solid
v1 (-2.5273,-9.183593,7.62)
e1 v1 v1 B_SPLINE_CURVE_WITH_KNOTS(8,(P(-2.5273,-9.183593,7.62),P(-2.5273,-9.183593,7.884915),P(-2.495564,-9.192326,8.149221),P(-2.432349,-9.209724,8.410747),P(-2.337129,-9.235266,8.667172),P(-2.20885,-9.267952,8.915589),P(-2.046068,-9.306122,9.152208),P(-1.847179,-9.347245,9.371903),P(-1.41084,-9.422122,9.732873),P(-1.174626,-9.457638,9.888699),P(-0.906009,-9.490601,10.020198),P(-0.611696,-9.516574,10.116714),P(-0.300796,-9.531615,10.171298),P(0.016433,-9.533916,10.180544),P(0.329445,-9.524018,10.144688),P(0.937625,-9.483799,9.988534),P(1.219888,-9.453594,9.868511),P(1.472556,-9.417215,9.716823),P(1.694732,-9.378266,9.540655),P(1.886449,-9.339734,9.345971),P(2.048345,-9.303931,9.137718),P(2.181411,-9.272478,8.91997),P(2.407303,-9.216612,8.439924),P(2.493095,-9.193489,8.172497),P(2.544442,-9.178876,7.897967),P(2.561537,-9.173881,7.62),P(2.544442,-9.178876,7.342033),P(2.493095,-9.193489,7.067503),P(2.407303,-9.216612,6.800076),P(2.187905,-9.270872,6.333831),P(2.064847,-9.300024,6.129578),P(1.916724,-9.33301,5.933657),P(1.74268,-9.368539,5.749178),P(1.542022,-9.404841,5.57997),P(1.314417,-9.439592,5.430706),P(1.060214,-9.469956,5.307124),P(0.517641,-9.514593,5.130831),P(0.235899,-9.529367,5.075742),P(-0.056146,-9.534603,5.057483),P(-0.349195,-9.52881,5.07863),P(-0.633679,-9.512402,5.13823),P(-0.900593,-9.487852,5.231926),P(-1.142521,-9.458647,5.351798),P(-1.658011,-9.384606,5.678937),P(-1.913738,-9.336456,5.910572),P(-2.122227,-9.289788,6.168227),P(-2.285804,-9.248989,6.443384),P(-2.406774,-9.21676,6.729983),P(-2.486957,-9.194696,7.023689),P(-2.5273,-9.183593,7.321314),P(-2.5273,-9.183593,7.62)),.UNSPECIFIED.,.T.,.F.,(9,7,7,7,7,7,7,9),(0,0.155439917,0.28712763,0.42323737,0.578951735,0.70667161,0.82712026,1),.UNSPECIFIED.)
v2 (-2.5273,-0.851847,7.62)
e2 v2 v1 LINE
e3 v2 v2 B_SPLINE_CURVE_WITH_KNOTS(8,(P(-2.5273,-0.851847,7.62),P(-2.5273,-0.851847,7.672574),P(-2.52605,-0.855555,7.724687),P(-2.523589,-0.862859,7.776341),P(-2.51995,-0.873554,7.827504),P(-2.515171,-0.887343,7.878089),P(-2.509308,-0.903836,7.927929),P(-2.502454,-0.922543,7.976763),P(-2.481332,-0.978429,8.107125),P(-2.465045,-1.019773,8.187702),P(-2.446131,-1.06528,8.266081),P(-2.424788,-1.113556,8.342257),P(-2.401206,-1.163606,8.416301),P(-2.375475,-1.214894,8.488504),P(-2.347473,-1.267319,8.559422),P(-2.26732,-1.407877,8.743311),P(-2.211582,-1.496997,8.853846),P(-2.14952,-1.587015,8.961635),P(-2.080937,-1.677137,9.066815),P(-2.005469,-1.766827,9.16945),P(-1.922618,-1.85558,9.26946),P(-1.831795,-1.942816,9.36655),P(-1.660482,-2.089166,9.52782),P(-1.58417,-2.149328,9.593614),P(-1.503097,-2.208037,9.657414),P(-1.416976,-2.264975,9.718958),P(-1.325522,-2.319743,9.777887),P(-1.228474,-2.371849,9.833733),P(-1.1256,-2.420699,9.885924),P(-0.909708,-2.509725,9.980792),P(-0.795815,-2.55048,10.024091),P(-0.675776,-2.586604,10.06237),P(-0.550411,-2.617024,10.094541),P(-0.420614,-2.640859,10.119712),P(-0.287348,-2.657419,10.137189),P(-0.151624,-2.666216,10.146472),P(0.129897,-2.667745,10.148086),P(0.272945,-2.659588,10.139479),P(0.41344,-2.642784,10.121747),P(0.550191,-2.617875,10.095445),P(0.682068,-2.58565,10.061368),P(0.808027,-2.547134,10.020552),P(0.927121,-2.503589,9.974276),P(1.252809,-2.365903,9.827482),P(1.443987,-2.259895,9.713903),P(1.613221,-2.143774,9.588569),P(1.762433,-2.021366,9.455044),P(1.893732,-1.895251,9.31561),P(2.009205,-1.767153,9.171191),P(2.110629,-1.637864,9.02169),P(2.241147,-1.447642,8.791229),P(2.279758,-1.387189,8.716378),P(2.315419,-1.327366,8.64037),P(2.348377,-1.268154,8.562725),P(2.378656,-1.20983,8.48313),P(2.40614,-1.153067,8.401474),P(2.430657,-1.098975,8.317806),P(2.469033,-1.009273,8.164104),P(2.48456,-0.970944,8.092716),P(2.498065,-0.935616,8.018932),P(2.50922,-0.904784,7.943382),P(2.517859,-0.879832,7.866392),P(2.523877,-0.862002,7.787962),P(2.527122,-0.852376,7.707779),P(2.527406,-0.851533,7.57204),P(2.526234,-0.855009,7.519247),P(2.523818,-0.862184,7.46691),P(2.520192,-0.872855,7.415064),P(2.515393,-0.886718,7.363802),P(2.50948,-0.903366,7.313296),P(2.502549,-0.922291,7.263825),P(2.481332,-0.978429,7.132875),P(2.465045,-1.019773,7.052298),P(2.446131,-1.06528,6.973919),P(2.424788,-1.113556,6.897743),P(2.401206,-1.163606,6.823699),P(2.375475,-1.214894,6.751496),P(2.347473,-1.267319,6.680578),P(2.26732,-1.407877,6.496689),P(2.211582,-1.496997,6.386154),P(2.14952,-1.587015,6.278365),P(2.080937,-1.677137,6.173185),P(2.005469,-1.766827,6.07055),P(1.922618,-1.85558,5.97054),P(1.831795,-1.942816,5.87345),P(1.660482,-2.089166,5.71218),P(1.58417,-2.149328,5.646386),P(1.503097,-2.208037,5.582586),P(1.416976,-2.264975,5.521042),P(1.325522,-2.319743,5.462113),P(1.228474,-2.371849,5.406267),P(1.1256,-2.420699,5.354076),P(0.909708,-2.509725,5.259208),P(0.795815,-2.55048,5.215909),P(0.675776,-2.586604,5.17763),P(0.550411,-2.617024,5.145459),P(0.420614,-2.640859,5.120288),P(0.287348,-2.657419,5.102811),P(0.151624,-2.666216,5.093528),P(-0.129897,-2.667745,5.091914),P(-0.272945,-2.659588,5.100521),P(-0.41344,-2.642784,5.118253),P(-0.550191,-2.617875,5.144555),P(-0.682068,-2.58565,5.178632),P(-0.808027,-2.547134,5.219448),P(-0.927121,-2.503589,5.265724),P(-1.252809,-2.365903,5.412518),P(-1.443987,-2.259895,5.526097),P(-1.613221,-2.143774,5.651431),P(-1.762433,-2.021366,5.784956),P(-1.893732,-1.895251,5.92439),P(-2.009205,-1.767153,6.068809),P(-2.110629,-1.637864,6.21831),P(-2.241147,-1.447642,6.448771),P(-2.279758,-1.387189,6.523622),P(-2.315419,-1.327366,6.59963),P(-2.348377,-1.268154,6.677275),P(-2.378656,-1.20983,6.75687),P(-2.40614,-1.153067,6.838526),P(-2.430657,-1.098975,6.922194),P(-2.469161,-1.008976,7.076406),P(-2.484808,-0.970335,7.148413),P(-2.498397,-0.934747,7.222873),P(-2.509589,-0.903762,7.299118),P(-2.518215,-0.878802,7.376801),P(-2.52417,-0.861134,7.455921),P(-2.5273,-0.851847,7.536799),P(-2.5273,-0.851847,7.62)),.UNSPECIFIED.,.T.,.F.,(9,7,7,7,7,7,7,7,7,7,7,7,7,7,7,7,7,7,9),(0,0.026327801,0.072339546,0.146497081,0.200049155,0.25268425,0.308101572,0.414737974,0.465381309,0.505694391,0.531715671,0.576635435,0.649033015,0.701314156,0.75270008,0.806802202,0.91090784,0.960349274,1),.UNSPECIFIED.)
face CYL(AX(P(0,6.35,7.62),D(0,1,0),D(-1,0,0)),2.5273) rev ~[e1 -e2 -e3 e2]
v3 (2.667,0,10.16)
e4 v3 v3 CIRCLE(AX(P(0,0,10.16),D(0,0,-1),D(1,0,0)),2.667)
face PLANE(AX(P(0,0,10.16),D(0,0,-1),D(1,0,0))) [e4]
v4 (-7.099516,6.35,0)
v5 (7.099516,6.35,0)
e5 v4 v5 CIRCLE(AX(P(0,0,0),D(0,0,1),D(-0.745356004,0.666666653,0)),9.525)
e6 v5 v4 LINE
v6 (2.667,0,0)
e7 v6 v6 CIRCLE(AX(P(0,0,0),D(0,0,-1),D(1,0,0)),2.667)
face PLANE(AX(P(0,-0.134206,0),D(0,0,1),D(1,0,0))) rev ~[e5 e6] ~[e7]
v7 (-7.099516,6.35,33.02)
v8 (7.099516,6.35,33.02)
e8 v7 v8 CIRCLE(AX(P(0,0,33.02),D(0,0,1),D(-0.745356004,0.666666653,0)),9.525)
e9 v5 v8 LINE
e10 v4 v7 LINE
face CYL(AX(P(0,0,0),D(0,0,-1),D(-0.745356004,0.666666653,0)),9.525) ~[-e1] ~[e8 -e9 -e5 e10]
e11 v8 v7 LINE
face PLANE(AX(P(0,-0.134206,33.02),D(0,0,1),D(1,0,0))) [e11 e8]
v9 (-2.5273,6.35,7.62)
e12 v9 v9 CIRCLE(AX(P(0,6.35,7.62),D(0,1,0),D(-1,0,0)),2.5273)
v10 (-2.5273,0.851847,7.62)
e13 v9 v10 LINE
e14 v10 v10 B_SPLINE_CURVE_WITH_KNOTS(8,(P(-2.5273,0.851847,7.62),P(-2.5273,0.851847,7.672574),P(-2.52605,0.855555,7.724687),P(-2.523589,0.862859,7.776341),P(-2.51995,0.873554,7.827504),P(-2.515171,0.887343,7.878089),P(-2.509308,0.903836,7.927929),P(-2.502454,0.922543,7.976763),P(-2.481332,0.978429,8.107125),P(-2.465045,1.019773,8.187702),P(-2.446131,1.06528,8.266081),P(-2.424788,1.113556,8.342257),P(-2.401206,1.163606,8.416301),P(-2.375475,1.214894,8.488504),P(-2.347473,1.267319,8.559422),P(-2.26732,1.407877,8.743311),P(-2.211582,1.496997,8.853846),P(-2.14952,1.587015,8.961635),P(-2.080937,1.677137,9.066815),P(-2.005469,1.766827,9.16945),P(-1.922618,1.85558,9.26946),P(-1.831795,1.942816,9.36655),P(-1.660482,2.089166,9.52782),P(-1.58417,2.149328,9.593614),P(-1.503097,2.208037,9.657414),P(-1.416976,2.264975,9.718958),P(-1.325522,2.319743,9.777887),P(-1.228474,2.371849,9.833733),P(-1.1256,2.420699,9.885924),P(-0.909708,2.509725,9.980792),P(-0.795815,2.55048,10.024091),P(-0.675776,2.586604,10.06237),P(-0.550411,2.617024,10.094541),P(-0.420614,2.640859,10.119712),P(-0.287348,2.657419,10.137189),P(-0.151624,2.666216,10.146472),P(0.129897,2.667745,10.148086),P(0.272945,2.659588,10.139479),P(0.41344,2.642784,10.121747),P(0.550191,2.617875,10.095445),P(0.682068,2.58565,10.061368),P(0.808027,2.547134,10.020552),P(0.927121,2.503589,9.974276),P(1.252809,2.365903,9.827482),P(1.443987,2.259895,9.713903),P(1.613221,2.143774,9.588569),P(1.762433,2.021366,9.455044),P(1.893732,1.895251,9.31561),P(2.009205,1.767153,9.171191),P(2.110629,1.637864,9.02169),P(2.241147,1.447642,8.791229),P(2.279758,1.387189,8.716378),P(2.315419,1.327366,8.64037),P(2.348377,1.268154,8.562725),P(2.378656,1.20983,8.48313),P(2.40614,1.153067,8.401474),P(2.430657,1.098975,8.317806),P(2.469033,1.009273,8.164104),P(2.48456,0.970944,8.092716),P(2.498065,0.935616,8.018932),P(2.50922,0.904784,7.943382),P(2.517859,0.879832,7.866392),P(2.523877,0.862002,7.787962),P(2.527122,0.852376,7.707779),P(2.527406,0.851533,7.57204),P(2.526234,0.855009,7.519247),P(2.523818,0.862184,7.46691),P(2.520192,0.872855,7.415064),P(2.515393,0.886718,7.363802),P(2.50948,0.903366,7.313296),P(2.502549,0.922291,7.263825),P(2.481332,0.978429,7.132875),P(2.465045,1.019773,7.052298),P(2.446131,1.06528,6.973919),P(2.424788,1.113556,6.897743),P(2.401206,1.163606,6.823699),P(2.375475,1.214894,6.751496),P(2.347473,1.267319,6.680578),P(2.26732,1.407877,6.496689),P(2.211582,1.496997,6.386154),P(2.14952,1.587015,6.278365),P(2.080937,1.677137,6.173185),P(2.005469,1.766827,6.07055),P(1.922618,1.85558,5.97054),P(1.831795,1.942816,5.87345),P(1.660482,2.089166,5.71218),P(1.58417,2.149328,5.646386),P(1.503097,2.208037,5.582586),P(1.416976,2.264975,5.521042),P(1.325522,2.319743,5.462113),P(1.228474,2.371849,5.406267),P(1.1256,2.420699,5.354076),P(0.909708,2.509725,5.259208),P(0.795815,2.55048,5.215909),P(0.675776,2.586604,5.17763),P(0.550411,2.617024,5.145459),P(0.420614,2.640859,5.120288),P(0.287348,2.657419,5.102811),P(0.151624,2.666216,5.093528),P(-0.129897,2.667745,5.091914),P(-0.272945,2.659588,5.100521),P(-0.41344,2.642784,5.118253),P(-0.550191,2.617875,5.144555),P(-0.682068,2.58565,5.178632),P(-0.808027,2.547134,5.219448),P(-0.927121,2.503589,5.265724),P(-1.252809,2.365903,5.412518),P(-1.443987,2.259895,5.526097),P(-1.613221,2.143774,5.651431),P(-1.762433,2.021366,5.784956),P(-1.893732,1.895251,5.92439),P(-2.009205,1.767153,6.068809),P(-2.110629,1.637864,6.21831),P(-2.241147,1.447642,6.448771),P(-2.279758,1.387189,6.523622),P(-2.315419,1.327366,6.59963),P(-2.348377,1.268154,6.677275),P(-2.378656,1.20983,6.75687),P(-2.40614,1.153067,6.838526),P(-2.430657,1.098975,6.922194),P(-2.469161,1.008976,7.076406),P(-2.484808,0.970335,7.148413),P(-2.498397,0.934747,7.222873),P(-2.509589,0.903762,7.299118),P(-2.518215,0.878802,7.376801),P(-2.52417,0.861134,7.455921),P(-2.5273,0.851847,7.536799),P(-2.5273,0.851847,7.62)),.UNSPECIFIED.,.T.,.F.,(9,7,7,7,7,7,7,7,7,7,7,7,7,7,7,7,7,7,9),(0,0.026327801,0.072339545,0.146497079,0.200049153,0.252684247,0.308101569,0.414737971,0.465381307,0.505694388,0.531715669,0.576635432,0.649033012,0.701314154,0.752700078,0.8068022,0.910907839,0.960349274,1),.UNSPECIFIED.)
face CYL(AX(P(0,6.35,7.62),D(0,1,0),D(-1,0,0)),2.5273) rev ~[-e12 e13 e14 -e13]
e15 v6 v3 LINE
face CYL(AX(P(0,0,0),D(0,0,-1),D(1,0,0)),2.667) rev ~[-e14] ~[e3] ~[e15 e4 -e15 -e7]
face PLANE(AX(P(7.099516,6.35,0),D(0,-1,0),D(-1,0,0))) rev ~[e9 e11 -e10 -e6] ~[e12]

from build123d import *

# Parameters (mm, degrees)
F1_DEPTH = 33.02
F2_R     = 2.5273
F3_DEPTH = 25.4
F4_R     = 2.667
F5_DEPTH = 10.16


with BuildPart() as f1:
    # F0 (on Top) → F1 (new body)
    with BuildSketch(Plane.XY):
        with BuildLine():
            Line((7.099516, 6.35), (-7.099516, 6.35))
            ThreePointArc((-7.099516, 6.35), (0, -9.525), (7.099516, 6.35))
        make_face()
    extrude(amount=F1_DEPTH)

    # F2 (on face) → F3 (cut)
    with BuildSketch(Plane(origin=(0, 6.35, 0), x_dir=(-1, 0, 0), z_dir=(0, 1, 0))):
        with Locations((0, 7.62)):
            Circle(F2_R)
    extrude(amount=-F3_DEPTH, mode=Mode.SUBTRACT)

    # F4 (on face) → F5 (cut)
    with BuildSketch(Plane(origin=(0, 0, 0), x_dir=(1, 0, 0), z_dir=(0, 0, -1))):
        Circle(F4_R)
    extrude(amount=-F5_DEPTH, mode=Mode.SUBTRACT)


solid = f1.part
